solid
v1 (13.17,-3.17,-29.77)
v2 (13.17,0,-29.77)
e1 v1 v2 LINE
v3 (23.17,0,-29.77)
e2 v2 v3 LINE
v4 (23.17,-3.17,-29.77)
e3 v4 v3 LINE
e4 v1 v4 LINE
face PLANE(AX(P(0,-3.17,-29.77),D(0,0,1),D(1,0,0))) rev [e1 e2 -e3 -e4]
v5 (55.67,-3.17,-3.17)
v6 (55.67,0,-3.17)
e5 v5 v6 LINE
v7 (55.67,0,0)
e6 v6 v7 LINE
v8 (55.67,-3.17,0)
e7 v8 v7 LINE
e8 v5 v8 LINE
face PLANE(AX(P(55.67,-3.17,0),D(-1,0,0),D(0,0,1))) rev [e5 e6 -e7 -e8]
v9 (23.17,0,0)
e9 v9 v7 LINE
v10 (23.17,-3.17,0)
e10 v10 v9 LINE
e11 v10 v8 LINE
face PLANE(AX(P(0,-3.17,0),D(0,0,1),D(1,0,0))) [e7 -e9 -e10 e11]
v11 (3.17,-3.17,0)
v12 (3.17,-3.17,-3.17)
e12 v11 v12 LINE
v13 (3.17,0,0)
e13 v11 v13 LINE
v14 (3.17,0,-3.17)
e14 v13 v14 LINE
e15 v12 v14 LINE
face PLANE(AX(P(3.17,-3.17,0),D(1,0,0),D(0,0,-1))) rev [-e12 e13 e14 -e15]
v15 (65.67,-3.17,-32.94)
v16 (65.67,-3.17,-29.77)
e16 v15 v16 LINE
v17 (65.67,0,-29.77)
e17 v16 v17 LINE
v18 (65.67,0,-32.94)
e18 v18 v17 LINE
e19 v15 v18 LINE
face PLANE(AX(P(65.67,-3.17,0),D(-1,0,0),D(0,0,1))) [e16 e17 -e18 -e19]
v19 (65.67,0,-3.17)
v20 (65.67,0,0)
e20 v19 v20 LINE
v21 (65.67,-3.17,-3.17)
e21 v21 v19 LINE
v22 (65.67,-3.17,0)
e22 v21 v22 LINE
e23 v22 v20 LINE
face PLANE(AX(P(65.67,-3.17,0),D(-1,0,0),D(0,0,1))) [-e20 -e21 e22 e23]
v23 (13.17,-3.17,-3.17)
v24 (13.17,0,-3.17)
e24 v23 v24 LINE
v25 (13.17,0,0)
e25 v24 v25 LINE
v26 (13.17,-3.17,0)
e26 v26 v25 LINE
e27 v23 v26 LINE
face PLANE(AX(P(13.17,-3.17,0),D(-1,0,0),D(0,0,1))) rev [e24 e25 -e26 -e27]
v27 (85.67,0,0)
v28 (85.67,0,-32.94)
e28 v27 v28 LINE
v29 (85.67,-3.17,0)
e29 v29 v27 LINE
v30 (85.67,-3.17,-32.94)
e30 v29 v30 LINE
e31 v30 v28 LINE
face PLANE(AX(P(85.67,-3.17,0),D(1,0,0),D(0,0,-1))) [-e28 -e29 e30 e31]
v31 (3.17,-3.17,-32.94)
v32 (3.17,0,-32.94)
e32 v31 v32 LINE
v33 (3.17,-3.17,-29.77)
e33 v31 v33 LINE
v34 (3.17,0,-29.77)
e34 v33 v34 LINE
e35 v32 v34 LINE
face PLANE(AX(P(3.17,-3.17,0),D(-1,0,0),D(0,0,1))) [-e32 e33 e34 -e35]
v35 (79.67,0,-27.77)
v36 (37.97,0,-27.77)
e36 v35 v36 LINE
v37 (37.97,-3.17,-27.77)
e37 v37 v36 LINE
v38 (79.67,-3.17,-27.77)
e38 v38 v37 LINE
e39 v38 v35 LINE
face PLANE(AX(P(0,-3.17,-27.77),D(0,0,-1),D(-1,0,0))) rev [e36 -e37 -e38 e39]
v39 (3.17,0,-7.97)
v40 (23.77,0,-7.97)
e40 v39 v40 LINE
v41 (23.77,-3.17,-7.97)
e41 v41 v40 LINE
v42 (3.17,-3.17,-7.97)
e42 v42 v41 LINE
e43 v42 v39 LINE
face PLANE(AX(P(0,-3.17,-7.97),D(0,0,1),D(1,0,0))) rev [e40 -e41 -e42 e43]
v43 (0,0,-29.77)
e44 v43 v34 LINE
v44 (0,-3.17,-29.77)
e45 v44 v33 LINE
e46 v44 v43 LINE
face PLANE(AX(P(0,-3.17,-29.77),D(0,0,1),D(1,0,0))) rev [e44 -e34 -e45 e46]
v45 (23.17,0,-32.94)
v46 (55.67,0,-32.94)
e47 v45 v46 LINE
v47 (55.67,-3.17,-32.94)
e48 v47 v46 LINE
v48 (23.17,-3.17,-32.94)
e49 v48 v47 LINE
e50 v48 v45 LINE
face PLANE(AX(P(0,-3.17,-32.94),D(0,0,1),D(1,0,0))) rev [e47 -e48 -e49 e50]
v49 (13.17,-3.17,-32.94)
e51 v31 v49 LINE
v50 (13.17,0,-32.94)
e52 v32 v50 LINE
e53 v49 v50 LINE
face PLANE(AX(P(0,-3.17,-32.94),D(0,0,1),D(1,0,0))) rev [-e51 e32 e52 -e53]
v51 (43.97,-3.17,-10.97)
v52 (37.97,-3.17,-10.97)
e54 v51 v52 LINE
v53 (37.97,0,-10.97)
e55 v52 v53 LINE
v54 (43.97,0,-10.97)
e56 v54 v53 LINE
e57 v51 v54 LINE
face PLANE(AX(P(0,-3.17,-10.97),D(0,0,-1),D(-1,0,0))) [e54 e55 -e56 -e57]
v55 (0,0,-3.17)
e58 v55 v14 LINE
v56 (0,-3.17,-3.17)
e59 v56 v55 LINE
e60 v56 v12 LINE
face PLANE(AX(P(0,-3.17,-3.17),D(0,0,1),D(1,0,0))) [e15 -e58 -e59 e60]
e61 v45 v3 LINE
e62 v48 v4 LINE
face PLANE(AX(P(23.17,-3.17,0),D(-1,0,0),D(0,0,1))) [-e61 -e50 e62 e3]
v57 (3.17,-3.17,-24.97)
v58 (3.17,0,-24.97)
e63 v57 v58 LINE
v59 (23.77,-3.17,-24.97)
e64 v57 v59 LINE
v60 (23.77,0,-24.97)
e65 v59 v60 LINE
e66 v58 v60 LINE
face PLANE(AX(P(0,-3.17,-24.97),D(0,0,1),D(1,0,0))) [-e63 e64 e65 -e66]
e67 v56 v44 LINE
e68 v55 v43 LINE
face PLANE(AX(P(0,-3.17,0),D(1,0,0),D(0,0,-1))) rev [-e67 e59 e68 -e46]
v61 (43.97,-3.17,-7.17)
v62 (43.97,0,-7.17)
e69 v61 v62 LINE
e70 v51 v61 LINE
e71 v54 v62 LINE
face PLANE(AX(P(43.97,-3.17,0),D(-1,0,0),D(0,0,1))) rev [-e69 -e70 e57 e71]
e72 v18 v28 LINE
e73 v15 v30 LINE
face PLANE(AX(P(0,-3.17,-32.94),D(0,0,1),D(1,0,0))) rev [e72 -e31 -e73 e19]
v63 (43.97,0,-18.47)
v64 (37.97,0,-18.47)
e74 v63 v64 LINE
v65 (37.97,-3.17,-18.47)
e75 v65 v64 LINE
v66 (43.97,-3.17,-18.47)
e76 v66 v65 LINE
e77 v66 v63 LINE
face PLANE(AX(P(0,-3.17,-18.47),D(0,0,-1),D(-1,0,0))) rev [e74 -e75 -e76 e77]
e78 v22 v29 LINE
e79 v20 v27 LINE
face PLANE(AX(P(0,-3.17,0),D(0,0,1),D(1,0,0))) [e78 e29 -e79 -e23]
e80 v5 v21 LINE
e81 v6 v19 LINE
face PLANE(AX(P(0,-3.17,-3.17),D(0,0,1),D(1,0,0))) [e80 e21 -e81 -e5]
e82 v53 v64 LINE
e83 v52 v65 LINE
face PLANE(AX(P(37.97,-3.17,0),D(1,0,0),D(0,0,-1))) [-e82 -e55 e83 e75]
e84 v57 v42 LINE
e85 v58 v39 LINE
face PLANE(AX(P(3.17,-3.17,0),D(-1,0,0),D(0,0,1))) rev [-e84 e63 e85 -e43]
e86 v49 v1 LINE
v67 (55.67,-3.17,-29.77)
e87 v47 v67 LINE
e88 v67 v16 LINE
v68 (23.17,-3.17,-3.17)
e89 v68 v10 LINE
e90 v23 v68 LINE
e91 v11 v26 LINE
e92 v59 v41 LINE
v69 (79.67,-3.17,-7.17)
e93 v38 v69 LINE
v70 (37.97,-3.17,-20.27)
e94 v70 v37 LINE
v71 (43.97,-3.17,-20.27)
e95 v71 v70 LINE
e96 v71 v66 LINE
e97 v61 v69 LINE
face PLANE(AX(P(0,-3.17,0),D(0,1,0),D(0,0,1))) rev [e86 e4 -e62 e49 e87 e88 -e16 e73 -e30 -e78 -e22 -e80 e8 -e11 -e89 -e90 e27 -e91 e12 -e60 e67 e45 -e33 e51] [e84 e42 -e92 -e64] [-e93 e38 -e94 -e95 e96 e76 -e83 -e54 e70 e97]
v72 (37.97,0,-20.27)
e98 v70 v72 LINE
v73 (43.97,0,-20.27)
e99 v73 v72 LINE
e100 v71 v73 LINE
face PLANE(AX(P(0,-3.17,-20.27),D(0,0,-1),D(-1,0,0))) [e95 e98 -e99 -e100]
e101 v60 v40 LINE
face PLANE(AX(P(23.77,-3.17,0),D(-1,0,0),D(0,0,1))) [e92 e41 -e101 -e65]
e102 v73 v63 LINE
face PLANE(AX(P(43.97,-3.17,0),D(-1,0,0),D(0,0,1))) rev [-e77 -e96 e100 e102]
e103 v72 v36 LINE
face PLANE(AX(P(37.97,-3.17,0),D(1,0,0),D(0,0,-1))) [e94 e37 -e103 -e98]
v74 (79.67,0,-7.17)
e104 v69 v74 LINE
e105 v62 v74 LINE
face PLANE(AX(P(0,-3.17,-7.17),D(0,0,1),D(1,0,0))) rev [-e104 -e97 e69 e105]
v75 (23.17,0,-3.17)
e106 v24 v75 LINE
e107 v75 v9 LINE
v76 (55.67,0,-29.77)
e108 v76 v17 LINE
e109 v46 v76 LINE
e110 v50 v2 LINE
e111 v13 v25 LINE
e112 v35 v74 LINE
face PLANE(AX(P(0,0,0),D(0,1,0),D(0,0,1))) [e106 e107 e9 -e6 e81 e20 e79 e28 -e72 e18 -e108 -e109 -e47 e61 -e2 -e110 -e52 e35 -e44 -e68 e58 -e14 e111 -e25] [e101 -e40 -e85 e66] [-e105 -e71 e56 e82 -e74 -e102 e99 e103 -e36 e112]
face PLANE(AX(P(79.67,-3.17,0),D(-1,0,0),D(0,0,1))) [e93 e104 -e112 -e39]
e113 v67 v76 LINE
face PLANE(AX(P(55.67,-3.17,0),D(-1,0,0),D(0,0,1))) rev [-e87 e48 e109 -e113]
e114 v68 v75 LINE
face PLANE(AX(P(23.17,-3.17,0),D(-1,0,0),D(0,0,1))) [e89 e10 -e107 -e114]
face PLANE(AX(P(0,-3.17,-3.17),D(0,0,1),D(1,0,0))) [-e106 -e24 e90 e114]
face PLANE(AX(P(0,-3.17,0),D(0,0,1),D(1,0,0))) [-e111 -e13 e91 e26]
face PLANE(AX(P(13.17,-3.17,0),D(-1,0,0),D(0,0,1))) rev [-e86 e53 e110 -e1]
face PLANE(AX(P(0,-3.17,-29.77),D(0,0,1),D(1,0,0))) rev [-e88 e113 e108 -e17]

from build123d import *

# Parameters (mm, degrees)
SKETCH1_W           = 20.6
SKETCH1_H           = 17
BOSS_EXTRUDE1_DEPTH = 3.17


with BuildPart() as part:
    # Sketch1 → Boss-Extrude1 (new body)
    with BuildSketch(Plane(origin=(0, 0, 0), x_dir=(1, 0, 0), z_dir=(0, 1, 0))):
        Polygon((55.67, 29.77), (55.67, 32.94), (23.17, 32.94), (23.17, 29.77), (13.17, 29.77), (13.17, 32.94), (3.17, 32.94), (3.17, 29.77), (0, 29.77), (0, 3.17), (3.17, 3.17), (3.17, 0), (13.17, 0), (13.17, 3.17), (23.17, 3.17), (23.17, 0), (55.67, 0), (55.67, 3.17), (65.67, 3.17), (65.67, 0), (85.67, 0), (85.67, 32.94), (65.67, 32.94), (65.67, 29.77), align=None)
        with Locations((13.47, 16.47)):
            Rectangle(SKETCH1_W, SKETCH1_H, mode=Mode.SUBTRACT)
        Polygon((37.97, 27.77), (43.97, 27.77), (79.67, 27.77), (79.67, 7.17), (43.97, 7.17), (43.97, 10.97), (37.97, 10.97), (37.97, 18.47), (43.97, 18.47), (43.97, 20.27), (37.97, 20.27), align=None, mode=Mode.SUBTRACT)
    extrude(amount=-BOSS_EXTRUDE1_DEPTH)


solid = part.part
